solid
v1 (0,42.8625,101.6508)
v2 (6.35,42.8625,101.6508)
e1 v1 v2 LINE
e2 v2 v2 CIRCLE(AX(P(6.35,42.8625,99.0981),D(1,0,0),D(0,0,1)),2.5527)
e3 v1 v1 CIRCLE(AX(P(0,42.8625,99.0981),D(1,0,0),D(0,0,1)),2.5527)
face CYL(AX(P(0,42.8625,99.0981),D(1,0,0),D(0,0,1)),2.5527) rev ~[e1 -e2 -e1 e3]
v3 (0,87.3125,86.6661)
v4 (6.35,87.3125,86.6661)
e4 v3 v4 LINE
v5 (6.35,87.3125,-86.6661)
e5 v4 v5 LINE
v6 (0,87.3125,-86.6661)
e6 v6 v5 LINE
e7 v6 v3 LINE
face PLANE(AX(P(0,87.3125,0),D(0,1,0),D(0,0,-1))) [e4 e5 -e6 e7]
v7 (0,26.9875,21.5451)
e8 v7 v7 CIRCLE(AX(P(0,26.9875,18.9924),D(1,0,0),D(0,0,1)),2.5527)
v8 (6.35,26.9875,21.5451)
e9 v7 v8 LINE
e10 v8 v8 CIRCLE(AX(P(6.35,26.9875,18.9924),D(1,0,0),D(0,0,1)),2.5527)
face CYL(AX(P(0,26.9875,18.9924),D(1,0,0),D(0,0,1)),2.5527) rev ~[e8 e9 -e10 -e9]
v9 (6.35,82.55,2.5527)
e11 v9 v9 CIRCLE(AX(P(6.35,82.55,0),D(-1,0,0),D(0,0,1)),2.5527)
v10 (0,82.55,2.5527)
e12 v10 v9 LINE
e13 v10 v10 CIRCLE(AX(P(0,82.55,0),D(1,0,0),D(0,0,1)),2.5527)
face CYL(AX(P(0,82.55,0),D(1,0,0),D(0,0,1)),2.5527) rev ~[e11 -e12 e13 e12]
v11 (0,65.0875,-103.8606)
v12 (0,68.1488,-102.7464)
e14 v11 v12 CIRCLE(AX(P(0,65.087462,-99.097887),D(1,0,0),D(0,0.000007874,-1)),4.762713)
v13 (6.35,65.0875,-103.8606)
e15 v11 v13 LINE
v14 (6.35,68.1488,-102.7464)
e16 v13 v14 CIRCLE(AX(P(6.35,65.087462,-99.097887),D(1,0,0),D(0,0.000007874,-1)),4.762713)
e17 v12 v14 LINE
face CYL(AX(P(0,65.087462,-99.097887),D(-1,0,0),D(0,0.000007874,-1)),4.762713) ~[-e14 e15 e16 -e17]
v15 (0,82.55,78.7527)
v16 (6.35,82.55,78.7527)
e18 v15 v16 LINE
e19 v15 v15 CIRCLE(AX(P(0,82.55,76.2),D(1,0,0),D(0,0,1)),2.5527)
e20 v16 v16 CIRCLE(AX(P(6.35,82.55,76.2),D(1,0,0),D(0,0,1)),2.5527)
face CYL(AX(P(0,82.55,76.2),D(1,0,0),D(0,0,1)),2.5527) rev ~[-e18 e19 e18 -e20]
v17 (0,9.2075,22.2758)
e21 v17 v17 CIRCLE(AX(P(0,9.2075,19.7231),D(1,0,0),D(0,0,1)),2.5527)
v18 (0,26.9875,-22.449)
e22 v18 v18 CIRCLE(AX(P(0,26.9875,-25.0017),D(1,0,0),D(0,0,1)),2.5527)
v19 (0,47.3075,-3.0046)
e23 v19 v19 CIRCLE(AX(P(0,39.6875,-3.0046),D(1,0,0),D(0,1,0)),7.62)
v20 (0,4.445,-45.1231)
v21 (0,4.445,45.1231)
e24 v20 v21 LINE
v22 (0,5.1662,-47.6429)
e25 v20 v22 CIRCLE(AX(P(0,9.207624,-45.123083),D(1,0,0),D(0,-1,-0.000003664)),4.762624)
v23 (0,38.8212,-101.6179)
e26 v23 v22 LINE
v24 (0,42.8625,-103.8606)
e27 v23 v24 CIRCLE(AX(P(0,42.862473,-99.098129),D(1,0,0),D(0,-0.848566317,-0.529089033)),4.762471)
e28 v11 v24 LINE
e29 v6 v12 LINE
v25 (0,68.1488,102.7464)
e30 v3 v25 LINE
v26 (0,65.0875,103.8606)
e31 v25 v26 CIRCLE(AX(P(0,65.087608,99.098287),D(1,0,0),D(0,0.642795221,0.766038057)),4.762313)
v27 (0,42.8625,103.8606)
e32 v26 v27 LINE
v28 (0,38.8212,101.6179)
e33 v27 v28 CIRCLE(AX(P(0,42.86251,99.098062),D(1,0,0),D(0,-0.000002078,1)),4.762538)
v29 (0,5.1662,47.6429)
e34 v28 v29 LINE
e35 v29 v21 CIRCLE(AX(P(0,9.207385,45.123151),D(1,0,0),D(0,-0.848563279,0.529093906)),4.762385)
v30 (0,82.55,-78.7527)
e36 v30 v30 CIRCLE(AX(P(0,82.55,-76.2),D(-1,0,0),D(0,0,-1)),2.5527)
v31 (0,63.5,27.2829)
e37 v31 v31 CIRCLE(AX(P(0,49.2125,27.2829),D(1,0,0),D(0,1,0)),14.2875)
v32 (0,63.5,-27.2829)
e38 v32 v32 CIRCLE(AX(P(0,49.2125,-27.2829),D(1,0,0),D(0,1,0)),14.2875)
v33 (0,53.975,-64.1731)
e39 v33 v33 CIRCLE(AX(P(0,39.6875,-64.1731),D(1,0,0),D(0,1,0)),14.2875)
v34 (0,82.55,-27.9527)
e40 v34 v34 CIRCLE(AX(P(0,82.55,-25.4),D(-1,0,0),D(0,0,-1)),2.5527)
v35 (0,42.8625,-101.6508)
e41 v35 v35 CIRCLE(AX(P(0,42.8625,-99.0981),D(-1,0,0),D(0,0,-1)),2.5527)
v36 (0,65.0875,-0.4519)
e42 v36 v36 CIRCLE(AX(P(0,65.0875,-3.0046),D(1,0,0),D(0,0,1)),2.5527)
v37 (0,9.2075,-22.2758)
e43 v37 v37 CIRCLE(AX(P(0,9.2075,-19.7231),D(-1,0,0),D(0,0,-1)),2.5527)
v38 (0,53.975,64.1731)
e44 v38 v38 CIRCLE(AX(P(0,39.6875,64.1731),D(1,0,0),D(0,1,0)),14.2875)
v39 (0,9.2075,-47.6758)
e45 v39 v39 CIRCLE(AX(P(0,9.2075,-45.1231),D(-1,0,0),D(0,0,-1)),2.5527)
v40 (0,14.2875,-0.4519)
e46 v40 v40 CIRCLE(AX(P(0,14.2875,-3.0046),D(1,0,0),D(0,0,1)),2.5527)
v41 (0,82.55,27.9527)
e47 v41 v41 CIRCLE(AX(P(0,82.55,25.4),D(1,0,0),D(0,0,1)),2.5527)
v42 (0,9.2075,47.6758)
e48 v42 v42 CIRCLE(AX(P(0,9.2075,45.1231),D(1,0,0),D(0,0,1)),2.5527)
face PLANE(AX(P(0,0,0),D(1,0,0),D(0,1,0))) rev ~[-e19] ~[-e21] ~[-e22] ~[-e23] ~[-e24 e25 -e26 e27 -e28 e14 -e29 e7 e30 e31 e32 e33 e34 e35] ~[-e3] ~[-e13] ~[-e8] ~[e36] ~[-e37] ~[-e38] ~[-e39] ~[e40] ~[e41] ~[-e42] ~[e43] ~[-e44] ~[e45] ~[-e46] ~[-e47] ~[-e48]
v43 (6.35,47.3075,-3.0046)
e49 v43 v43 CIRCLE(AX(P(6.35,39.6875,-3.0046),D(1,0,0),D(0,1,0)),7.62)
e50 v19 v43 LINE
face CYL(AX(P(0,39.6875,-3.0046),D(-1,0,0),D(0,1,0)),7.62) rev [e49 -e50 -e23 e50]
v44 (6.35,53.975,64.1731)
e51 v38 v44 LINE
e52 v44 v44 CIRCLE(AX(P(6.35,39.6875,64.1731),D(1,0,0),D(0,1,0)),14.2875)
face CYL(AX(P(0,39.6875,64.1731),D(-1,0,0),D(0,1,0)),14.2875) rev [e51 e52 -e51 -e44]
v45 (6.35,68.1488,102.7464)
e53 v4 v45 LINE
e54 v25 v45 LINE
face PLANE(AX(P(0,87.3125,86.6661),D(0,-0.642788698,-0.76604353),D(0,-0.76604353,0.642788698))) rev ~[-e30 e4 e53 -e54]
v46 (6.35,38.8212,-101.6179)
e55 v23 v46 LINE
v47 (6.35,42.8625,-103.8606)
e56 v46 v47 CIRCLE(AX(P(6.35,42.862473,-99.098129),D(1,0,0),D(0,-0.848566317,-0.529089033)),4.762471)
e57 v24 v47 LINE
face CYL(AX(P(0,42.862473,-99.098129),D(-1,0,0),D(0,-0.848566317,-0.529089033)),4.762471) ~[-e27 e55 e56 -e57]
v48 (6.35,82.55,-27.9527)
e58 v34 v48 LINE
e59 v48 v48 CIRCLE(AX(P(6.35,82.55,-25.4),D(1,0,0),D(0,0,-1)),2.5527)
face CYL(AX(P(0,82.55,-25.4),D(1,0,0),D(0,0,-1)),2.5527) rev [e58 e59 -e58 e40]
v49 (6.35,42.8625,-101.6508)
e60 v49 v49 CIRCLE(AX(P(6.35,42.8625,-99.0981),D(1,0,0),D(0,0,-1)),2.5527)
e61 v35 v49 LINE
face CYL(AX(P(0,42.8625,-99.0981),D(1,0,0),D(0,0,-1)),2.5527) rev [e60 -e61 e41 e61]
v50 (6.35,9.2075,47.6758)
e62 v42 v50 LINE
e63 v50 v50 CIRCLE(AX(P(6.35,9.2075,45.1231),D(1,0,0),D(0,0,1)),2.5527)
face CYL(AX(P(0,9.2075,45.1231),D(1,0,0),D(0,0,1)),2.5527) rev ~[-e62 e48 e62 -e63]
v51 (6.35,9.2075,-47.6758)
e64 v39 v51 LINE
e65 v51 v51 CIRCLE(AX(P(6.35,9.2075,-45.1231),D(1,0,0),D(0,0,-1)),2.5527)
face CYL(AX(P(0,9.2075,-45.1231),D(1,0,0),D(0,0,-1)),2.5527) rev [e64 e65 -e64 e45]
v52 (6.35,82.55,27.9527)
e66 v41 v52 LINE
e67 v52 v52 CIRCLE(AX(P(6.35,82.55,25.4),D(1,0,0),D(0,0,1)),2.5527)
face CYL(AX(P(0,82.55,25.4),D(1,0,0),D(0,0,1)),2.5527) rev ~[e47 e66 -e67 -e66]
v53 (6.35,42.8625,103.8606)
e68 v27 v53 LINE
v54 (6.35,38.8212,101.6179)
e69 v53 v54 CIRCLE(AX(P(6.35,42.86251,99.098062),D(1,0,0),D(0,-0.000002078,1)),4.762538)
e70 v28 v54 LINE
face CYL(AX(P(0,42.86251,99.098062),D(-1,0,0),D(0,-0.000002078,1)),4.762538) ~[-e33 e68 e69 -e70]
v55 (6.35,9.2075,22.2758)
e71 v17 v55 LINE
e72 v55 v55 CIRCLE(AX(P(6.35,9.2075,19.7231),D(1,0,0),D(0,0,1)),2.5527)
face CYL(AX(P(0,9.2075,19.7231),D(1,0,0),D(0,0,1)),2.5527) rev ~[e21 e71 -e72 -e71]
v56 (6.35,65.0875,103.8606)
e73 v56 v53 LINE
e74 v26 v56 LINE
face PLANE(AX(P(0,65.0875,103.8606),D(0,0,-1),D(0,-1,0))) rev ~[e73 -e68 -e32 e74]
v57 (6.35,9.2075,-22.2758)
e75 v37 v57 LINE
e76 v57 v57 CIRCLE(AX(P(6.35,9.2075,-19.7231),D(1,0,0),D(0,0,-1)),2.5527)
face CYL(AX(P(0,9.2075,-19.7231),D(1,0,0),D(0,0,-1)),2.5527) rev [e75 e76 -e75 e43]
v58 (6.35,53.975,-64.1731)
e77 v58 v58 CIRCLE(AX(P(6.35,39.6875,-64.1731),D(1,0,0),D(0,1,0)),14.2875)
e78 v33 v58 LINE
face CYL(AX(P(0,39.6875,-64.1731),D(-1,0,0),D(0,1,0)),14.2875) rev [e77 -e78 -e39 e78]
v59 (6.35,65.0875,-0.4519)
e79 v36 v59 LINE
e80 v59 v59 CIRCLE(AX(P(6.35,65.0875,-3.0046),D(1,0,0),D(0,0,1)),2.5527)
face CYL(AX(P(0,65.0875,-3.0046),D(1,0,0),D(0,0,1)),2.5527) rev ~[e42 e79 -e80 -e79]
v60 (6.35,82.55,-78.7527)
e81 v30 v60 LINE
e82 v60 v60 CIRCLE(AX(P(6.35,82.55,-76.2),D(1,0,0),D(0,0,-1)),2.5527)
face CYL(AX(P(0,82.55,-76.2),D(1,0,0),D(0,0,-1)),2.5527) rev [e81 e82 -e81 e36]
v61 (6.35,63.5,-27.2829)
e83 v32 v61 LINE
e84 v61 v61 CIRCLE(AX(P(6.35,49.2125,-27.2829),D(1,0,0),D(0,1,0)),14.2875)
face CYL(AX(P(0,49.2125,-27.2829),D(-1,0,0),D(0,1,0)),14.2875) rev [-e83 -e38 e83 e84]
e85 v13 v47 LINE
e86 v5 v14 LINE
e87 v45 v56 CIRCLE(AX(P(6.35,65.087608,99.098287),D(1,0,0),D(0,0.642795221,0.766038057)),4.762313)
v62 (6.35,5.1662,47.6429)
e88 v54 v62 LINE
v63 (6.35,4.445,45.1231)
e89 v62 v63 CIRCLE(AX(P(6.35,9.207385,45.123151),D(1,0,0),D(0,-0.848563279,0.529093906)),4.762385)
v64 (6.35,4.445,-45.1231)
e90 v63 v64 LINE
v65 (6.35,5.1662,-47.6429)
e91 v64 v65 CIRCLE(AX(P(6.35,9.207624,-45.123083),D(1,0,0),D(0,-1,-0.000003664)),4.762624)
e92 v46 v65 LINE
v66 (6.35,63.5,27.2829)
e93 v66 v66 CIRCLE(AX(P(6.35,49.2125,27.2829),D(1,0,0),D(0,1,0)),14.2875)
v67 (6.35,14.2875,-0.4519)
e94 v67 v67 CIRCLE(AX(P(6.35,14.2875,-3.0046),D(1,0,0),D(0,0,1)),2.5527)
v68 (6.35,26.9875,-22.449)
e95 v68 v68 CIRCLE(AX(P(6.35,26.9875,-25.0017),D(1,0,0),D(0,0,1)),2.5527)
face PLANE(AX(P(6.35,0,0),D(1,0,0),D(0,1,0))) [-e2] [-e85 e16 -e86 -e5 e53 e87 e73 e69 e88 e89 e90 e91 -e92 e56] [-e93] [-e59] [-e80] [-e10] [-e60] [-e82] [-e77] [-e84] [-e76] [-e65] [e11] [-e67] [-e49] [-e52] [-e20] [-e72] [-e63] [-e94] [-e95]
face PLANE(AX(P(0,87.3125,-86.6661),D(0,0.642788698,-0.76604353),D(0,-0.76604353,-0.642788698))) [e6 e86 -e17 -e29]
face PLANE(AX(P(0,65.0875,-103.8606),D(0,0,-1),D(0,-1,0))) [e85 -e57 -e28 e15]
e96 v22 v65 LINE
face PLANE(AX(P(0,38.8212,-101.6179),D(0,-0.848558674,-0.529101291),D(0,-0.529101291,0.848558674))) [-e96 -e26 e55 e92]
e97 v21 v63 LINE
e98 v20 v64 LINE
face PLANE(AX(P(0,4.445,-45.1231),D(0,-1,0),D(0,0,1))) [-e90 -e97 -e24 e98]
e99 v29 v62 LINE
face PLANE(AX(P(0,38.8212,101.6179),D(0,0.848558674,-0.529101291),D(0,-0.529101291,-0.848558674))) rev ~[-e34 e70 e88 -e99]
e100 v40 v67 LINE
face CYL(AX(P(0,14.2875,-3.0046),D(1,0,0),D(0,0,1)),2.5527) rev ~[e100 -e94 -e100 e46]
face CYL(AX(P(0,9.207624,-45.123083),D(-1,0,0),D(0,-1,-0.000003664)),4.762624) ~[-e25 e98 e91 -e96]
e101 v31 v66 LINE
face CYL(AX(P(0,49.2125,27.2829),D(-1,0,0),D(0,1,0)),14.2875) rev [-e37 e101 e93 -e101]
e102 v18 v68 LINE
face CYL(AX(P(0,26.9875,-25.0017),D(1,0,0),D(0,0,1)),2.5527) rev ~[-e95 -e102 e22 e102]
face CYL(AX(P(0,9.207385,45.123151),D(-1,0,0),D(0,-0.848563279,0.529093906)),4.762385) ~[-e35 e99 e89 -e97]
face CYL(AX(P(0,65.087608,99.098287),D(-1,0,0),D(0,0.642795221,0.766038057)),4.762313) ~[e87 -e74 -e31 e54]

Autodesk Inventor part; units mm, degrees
ref_plane "YZ Plane" through (0, 0, 0) normal (1, 0, 0) x (0, 1, 0)
ref_plane "XZ Plane" through (0, 0, 0) normal (0, 1, 0) x (-1, 0, 0)
ref_plane "XY Plane" through (0, 0, 0) normal (0, 0, 1) x (1, 0, 0)
sketch "Sketch1" plane through (0, 0, 0) normal (1, 0, 0) x (0, 1, 0)
  line L0 (-1.5875, -355.6) -> (1.5875, -355.6) construction
  line L1 (1.5875, -355.6) -> (1.5875, 355.6) construction
  line L2 (1.5875, 355.6) -> (-1.5875, 355.6) construction
  line L3 (-1.5875, 355.6) -> (-1.5875, -355.6) construction
  line L4 (-1.5875, -355.6) -> (1.5875, 355.6) construction
  line L5 (1.5875, -355.6) -> (-1.5875, 355.6) construction
  line L6 (52.3875, 152.4) -> (1.5875, 152.4) construction
  line L7 (1.5875, 152.4) -> (1.5875, 127) construction
  line L8 (1.5875, 127) -> (52.3875, 127) construction
  line L9 (52.3875, 127) -> (52.3875, 152.4) construction
  line L10 (52.3875, 152.4) -> (1.5875, 127) construction
  line L11 (1.5875, 152.4) -> (52.3875, 127) construction
  line L12 (77.7875, 177.8) -> (1.5875, 177.8) construction
  line L13 (1.5875, 177.8) -> (1.5875, 152.4) construction
  line L14 (1.5875, 152.4) -> (77.7875, 152.4) construction
  line L15 (77.7875, 152.4) -> (77.7875, 177.8) construction
  line L16 (77.7875, 177.8) -> (1.5875, 152.4) construction
  line L17 (1.5875, 177.8) -> (77.7875, 152.4) construction
  line L18 (900.1125, 152.4) -> (87.3125, 152.4) construction
  line L19 (87.3125, 152.4) -> (87.3125, 177.8) construction
  line L20 (87.3125, 177.8) -> (900.1125, 177.8) construction
  line L21 (900.1125, 177.8) -> (900.1125, 152.4) construction
  line L22 (900.1125, 152.4) -> (87.3125, 177.8) construction
  line L23 (87.3125, 152.4) -> (900.1125, 177.8) construction
  line L24 (87.3125, 177.8) -> (77.7875, 177.8) construction
  line L25 (77.7875, 177.8) -> (77.7875, -177.8) construction
  line L26 (77.7875, -177.8) -> (87.3125, -177.8) construction
  line L27 (87.3125, -177.8) -> (87.3125, 177.8) construction
  line L28 (87.3125, 177.8) -> (77.7875, -177.8) construction
  line L29 (77.7875, 177.8) -> (87.3125, -177.8) construction
  line L30 (82.55, 0) -> (-1.5875, 0) construction
  line L31 (1.5875, -355.6) -> (-1.5875, -355.6) construction
  line L32 (52.3875, -152.4) -> (1.5875, -152.4) construction
  line L33 (1.5875, -152.4) -> (1.5875, -127) construction
  line L34 (1.5875, -127) -> (52.3875, -127) construction
  line L35 (52.3875, -127) -> (52.3875, -152.4) construction
  line L36 (52.3875, -152.4) -> (1.5875, -127) construction
  line L37 (1.5875, -152.4) -> (52.3875, -127) construction
  line L38 (77.7875, -177.8) -> (1.5875, -177.8) construction
  line L39 (1.5875, -177.8) -> (1.5875, -152.4) construction
  line L40 (1.5875, -152.4) -> (77.7875, -152.4) construction
  line L41 (77.7875, -152.4) -> (77.7875, -177.8) construction
  line L42 (77.7875, -177.8) -> (1.5875, -152.4) construction
  line L43 (1.5875, -177.8) -> (77.7875, -152.4) construction
  line L44 (900.1125, -152.4) -> (87.3125, -152.4) construction
  line L45 (87.3125, -152.4) -> (87.3125, -177.8) construction
  line L46 (87.3125, -177.8) -> (900.1125, -177.8) construction
  line L47 (900.1125, -177.8) -> (900.1125, -152.4) construction
  line L48 (900.1125, -152.4) -> (87.3125, -177.8) construction
  line L49 (87.3125, -152.4) -> (900.1125, -177.8) construction
  line L50 (87.3125, -177.8) -> (77.7875, -177.8) construction
  circle A0 centre (66.6623, 160.02) radius 10.3124 construction
  circle A1 centre (66.6623, -160.02) radius 10.3124 construction
  line L51 (138.1125, 176.2125) -> (138.1125, 109.4105) construction
  line L52 (138.1125, 109.4105) -> (-27.5223, 109.4105) construction
  point P0 (0, 0)
  point P1 (26.9875, 139.7)
  point P2 (39.6875, 165.1)
  point P3 (1.5875, 165.1)
  point P4 (493.7125, 165.1)
  point P5 (26.9875, -139.7)
  point P6 (39.6875, -165.1)
  point P7 (1.5875, -165.1)
  point P8 (493.7125, -165.1)
  dimension "d0" = 3.175
  dimension "d1" = 711.2
  dimension "d2" = 50.8
  dimension "d3" = 25.4
  dimension "d4" = 139.7
  dimension "d5" = 76.2
  dimension "d6" = 25.4
  dimension "d7" = 812.8
  dimension "d8" = 25.4
  dimension "d9" = 9.525
  dimension "d10" = 355.6
  dimension "d11" = 20.6248
  dimension "d12" = 11.1252
  dimension "d13" = 7.62
  dimension "d23" = 66.802
  dimension "d24" = 50.8
sketch "Sketch3" plane through (0, 0, 0) normal (1, 0, 0) x (0, 1, 0)
  line L0 (77.7875, -152.4) -> (77.7875, -177.8) construction
  circle A0 centre (66.6623, -160.02) radius 10.3124 construction
  line L1 (1.5875, 355.6) -> (-1.5875, 355.6) construction
  line L2 (1.5875, -355.6) -> (1.5875, 355.6) construction
  line L3 (-1.5875, -355.6) -> (1.5875, 355.6) construction
  line L4 (1.5875, -355.6) -> (-1.5875, 355.6) construction
  line L5 (-1.5875, 355.6) -> (-1.5875, -355.6) construction
  line L6 (87.3125, -177.8) -> (87.3125, 177.8) construction
  line L7 (77.7875, 177.8) -> (77.7875, -177.8) construction
  line L8 (-1.5875, -355.6) -> (1.5875, -355.6) construction
  line L9 (1.5875, -355.6) -> (-1.5875, -355.6) construction
  line L10 (1.5875, 152.4) -> (1.5875, 127) construction
  line L11 (82.55, 0) -> (-1.5875, 0) construction
  line L12 (87.3125, 152.4) -> (87.3125, 177.8) construction
  line L13 (77.7875, -177.8) -> (87.3125, -177.8) construction
  line L14 (1.5875, -127) -> (52.3875, -127) construction
  line L15 (52.3875, 152.4) -> (1.5875, 152.4) construction
  line L16 (52.3875, 152.4) -> (1.5875, 127) construction
  line L17 (1.5875, 127) -> (52.3875, 127) construction
  line L18 (52.3875, 127) -> (52.3875, 152.4) construction
  line L19 (1.5875, 152.4) -> (52.3875, 127) construction
  line L20 (1.5875, 152.4) -> (77.7875, 152.4) construction
  line L21 (1.5875, 177.8) -> (1.5875, 152.4) construction
  line L22 (138.1125, 109.4105) -> (-27.5223, 109.4105) construction
  circle A1 centre (66.6623, 160.02) radius 10.3124 construction
  line L23 (138.1125, 176.2125) -> (138.1125, 109.4105) construction
  line L24 (77.7875, 177.8) -> (1.5875, 152.4) construction
  line L25 (77.7875, 177.8) -> (1.5875, 177.8) construction
  line L26 (77.7875, 152.4) -> (77.7875, 177.8) construction
  line L27 (87.3125, 177.8) -> (77.7875, 177.8) construction
  line L28 (1.5875, 177.8) -> (77.7875, 152.4) construction
  line L29 (900.1125, 152.4) -> (87.3125, 152.4) construction
  line L30 (87.3125, 177.8) -> (900.1125, 177.8) construction
  line L31 (900.1125, 152.4) -> (87.3125, 177.8) construction
  line L32 (87.3125, 152.4) -> (900.1125, 177.8) construction
  line L33 (900.1125, -152.4) -> (87.3125, -177.8) construction
  line L34 (87.3125, -177.8) -> (900.1125, -177.8) construction
  line L35 (900.1125, -152.4) -> (87.3125, -152.4) construction
  line L36 (87.3125, -152.4) -> (900.1125, -177.8) construction
  line L37 (900.1125, 177.8) -> (900.1125, 152.4) construction
  line L38 (900.1125, -177.8) -> (900.1125, -152.4) construction
  line L39 (52.3875, -127) -> (52.3875, -152.4) construction
  line L40 (52.3875, -152.4) -> (1.5875, -127) construction
  line L41 (1.5875, -152.4) -> (1.5875, -127) construction
  line L42 (1.5875, -152.4) -> (52.3875, -127) construction
  line L43 (52.3875, -152.4) -> (1.5875, -152.4) construction
  line L44 (1.5875, -152.4) -> (77.7875, -152.4) construction
  line L45 (1.5875, -177.8) -> (77.7875, -152.4) construction
  line L46 (77.7875, -177.8) -> (1.5875, -177.8) construction
  line L47 (1.5875, -177.8) -> (1.5875, -152.4) construction
  line L48 (77.7875, -177.8) -> (1.5875, -152.4) construction
  line L49 (87.3125, -152.4) -> (87.3125, -177.8) construction
  line L50 (87.3125, -177.8) -> (77.7875, -177.8) construction
  circle A2 centre (39.6875, 64.1731) radius 28.6512 construction
  circle A3 centre (65.0875, 99.0981) radius 10.3124 construction
  line L51 (57.4199, 164.5943) -> (14.0091, 76.8819) construction
  circle A4 centre (39.6875, 64.1731) radius 25.4 construction
  circle A5 centre (49.2125, 27.2829) radius 12.7 construction
  circle A6 centre (49.2125, 27.2829) radius 25.4 construction
  circle A7 centre (39.6875, -3.0046) radius 6.35 construction
  circle A8 centre (39.6875, -3.0046) radius 25.4 construction
  circle A9 centre (39.6875, -3.0046) radius 30.48 construction
  circle A10 centre (65.0875, 99.0981) radius 4.7625 construction
  circle A11 centre (39.6875, 64.1731) radius 14.2875
  circle A12 centre (49.2125, 27.2829) radius 14.2875
  circle A13 centre (9.2075, 45.1231) radius 4.7625 construction
  circle A14 centre (9.2075, 19.7231) radius 4.7625 construction
  line L52 (87.3125, 0) -> (87.3125, 86.6661)
  line L53 (87.3125, 86.6661) -> (68.1488, 102.7464)
  circle A15 centre (42.8625, 99.0981) radius 4.7625 construction
  line L54 (65.0875, 103.8606) -> (42.8625, 103.8606)
  line L55 (38.8212, 101.6179) -> (5.1662, 47.6429)
  line L56 (4.445, 45.1231) -> (4.445, 0)
  arc A16 (68.1488, 102.7464) -> (65.0875, 103.8606) centre (65.0875, 99.0981) ccw
  arc A17 (42.8625, 103.8606) -> (38.8212, 101.6179) centre (42.8625, 99.0981) ccw
  arc A18 (5.1662, 47.6429) -> (4.445, 45.1231) centre (9.2075, 45.1231) ccw
  line L57 (87.3125, 0) -> (87.3125, -86.6661)
  line L58 (87.3125, -86.6661) -> (68.1488, -102.7464)
  line L59 (65.0875, -103.8606) -> (42.8625, -103.8606)
  line L60 (38.8212, -101.6179) -> (5.1662, -47.6429)
  line L61 (4.445, -45.1231) -> (4.445, 0)
  arc A19 (65.0875, -103.8606) -> (68.1488, -102.7464) centre (65.0875, -99.0981) ccw
  arc A20 (38.8212, -101.6179) -> (42.8625, -103.8606) centre (42.8625, -99.0981) ccw
  arc A21 (4.445, -45.1231) -> (5.1662, -47.6429) centre (9.2075, -45.1231) ccw
  circle A22 centre (39.6875, -3.0046) radius 7.62
  circle A23 centre (39.6875, -64.1731) radius 14.2875
  circle A24 centre (49.2125, -27.2829) radius 14.2875
  point P0 (0, 0)
  point P1 (0, 0)
  point P2 (26.9875, 139.7)
  point P3 (1.5875, 165.1)
  point P4 (39.6875, 165.1)
  point P5 (493.7125, -165.1)
  point P6 (493.7125, 165.1)
  point P7 (26.9875, -139.7)
  point P8 (1.5875, -165.1)
  point P9 (39.6875, -165.1)
  point P10 (65.0875, -3.0046)
  point P11 (52.3875, 18.9924)
  point P12 (26.9875, 18.9924)
  point P13 (14.2875, -3.0046)
  point P14 (26.9875, -25.0017)
  point P15 (52.3875, -25.0017)
  point P16 (82.55, 76.2)
  point P17 (82.55, 25.4)
  point P18 (82.55, 177.8)
  dimension "d30" = 57.3024
  dimension "d36" = 50.8
  dimension "d31" = 12.7
  dimension "d32" = 50.8
  dimension "d33" = 25.4
  dimension "d34" = 50.8
  dimension "d35" = 12.7
  dimension "d37" = 60.96
  dimension "d38" = 38.1
  dimension "d39" = 34.925
  dimension "d40" = 9.525
  dimension "d41" = 28.575
  dimension "d42" = 28.575
  dimension "d45" = 360
  dimension "d47" = 50.8
  dimension "d48" = 25.4
  dimension "d49" = 22.225
  dimension "d50" = 7.62
  dimension "d51" = 25.4
  dimension "d52" = 19.05
  dimension "d55" = 130
  dimension "d66" = 15.24
  dimension "d68" = 28.575
  dimension "d69" = 38.1
extrude "Extrusion1" add sketch "Sketch3" along normal blind 6.35
hole "Mount Holes" at (0, 87.3125, -177.8) at (0, 77.7875, -152.4) at (0, 77.7875, -177.8) at (0, 1.5875, 355.6) at (0, -1.5875, 355.6) at (0, 1.5875, 127) at (0, 1.5875, 152.4) at (0, -27.5223, 109.4105) at (0, 0, 0) at (0, 82.55, 0) at (0, 87.3125, 152.4) at (0, 87.3125, 177.8) at (0, 138.1125, 176.2125) at (0, 52.3875, 152.4) at (0, 26.9875, 139.7) at (0, 52.3875, 127) at (0, 1.5875, 165.1) at (0, 39.6875, 165.1) at (0, 77.7875, 152.4) at (0, 66.6623, 160.02) at (0, 493.7125, -165.1) at (0, 493.7125, 165.1) at (0, 26.9875, -139.7) at (0, 66.6623, -160.02) at (0, 1.5875, -165.1) at (0, 39.6875, -165.1) at (0, 52.3875, -25.0017) at (0, 82.55, 76.2) at (0, 82.55, 25.4) at (0, 42.8625, 99.0981) at (0, 9.2075, 45.1231) at (0, 9.2075, 19.7231) direction (1, 0, 0) diameter 5.1054 end through all clearance for "Flat Head Machine Screw (82)" size "#10" standard "Ansi Unified Screw Threads"
hole "Motor Mount" at (0, 77.7875, -177.8) at (0, 65.0875, -3.0046) at (0, 52.3875, 18.9924) at (0, 26.9875, 18.9924) at (0, 14.2875, -3.0046) at (0, 26.9875, -25.0017) direction (1, 0, 0) diameter 5.1054 end through all clearance for "Flat Head Machine Screw (82)" size "#10" standard "Ansi Unified Screw Threads"
mirror "Mirror1" about plane through (0, 0, 0) normal (0, 0, 1) of "Mount Holes"
properties part number "Gearbox sketch" material "Aluminum 6061"
